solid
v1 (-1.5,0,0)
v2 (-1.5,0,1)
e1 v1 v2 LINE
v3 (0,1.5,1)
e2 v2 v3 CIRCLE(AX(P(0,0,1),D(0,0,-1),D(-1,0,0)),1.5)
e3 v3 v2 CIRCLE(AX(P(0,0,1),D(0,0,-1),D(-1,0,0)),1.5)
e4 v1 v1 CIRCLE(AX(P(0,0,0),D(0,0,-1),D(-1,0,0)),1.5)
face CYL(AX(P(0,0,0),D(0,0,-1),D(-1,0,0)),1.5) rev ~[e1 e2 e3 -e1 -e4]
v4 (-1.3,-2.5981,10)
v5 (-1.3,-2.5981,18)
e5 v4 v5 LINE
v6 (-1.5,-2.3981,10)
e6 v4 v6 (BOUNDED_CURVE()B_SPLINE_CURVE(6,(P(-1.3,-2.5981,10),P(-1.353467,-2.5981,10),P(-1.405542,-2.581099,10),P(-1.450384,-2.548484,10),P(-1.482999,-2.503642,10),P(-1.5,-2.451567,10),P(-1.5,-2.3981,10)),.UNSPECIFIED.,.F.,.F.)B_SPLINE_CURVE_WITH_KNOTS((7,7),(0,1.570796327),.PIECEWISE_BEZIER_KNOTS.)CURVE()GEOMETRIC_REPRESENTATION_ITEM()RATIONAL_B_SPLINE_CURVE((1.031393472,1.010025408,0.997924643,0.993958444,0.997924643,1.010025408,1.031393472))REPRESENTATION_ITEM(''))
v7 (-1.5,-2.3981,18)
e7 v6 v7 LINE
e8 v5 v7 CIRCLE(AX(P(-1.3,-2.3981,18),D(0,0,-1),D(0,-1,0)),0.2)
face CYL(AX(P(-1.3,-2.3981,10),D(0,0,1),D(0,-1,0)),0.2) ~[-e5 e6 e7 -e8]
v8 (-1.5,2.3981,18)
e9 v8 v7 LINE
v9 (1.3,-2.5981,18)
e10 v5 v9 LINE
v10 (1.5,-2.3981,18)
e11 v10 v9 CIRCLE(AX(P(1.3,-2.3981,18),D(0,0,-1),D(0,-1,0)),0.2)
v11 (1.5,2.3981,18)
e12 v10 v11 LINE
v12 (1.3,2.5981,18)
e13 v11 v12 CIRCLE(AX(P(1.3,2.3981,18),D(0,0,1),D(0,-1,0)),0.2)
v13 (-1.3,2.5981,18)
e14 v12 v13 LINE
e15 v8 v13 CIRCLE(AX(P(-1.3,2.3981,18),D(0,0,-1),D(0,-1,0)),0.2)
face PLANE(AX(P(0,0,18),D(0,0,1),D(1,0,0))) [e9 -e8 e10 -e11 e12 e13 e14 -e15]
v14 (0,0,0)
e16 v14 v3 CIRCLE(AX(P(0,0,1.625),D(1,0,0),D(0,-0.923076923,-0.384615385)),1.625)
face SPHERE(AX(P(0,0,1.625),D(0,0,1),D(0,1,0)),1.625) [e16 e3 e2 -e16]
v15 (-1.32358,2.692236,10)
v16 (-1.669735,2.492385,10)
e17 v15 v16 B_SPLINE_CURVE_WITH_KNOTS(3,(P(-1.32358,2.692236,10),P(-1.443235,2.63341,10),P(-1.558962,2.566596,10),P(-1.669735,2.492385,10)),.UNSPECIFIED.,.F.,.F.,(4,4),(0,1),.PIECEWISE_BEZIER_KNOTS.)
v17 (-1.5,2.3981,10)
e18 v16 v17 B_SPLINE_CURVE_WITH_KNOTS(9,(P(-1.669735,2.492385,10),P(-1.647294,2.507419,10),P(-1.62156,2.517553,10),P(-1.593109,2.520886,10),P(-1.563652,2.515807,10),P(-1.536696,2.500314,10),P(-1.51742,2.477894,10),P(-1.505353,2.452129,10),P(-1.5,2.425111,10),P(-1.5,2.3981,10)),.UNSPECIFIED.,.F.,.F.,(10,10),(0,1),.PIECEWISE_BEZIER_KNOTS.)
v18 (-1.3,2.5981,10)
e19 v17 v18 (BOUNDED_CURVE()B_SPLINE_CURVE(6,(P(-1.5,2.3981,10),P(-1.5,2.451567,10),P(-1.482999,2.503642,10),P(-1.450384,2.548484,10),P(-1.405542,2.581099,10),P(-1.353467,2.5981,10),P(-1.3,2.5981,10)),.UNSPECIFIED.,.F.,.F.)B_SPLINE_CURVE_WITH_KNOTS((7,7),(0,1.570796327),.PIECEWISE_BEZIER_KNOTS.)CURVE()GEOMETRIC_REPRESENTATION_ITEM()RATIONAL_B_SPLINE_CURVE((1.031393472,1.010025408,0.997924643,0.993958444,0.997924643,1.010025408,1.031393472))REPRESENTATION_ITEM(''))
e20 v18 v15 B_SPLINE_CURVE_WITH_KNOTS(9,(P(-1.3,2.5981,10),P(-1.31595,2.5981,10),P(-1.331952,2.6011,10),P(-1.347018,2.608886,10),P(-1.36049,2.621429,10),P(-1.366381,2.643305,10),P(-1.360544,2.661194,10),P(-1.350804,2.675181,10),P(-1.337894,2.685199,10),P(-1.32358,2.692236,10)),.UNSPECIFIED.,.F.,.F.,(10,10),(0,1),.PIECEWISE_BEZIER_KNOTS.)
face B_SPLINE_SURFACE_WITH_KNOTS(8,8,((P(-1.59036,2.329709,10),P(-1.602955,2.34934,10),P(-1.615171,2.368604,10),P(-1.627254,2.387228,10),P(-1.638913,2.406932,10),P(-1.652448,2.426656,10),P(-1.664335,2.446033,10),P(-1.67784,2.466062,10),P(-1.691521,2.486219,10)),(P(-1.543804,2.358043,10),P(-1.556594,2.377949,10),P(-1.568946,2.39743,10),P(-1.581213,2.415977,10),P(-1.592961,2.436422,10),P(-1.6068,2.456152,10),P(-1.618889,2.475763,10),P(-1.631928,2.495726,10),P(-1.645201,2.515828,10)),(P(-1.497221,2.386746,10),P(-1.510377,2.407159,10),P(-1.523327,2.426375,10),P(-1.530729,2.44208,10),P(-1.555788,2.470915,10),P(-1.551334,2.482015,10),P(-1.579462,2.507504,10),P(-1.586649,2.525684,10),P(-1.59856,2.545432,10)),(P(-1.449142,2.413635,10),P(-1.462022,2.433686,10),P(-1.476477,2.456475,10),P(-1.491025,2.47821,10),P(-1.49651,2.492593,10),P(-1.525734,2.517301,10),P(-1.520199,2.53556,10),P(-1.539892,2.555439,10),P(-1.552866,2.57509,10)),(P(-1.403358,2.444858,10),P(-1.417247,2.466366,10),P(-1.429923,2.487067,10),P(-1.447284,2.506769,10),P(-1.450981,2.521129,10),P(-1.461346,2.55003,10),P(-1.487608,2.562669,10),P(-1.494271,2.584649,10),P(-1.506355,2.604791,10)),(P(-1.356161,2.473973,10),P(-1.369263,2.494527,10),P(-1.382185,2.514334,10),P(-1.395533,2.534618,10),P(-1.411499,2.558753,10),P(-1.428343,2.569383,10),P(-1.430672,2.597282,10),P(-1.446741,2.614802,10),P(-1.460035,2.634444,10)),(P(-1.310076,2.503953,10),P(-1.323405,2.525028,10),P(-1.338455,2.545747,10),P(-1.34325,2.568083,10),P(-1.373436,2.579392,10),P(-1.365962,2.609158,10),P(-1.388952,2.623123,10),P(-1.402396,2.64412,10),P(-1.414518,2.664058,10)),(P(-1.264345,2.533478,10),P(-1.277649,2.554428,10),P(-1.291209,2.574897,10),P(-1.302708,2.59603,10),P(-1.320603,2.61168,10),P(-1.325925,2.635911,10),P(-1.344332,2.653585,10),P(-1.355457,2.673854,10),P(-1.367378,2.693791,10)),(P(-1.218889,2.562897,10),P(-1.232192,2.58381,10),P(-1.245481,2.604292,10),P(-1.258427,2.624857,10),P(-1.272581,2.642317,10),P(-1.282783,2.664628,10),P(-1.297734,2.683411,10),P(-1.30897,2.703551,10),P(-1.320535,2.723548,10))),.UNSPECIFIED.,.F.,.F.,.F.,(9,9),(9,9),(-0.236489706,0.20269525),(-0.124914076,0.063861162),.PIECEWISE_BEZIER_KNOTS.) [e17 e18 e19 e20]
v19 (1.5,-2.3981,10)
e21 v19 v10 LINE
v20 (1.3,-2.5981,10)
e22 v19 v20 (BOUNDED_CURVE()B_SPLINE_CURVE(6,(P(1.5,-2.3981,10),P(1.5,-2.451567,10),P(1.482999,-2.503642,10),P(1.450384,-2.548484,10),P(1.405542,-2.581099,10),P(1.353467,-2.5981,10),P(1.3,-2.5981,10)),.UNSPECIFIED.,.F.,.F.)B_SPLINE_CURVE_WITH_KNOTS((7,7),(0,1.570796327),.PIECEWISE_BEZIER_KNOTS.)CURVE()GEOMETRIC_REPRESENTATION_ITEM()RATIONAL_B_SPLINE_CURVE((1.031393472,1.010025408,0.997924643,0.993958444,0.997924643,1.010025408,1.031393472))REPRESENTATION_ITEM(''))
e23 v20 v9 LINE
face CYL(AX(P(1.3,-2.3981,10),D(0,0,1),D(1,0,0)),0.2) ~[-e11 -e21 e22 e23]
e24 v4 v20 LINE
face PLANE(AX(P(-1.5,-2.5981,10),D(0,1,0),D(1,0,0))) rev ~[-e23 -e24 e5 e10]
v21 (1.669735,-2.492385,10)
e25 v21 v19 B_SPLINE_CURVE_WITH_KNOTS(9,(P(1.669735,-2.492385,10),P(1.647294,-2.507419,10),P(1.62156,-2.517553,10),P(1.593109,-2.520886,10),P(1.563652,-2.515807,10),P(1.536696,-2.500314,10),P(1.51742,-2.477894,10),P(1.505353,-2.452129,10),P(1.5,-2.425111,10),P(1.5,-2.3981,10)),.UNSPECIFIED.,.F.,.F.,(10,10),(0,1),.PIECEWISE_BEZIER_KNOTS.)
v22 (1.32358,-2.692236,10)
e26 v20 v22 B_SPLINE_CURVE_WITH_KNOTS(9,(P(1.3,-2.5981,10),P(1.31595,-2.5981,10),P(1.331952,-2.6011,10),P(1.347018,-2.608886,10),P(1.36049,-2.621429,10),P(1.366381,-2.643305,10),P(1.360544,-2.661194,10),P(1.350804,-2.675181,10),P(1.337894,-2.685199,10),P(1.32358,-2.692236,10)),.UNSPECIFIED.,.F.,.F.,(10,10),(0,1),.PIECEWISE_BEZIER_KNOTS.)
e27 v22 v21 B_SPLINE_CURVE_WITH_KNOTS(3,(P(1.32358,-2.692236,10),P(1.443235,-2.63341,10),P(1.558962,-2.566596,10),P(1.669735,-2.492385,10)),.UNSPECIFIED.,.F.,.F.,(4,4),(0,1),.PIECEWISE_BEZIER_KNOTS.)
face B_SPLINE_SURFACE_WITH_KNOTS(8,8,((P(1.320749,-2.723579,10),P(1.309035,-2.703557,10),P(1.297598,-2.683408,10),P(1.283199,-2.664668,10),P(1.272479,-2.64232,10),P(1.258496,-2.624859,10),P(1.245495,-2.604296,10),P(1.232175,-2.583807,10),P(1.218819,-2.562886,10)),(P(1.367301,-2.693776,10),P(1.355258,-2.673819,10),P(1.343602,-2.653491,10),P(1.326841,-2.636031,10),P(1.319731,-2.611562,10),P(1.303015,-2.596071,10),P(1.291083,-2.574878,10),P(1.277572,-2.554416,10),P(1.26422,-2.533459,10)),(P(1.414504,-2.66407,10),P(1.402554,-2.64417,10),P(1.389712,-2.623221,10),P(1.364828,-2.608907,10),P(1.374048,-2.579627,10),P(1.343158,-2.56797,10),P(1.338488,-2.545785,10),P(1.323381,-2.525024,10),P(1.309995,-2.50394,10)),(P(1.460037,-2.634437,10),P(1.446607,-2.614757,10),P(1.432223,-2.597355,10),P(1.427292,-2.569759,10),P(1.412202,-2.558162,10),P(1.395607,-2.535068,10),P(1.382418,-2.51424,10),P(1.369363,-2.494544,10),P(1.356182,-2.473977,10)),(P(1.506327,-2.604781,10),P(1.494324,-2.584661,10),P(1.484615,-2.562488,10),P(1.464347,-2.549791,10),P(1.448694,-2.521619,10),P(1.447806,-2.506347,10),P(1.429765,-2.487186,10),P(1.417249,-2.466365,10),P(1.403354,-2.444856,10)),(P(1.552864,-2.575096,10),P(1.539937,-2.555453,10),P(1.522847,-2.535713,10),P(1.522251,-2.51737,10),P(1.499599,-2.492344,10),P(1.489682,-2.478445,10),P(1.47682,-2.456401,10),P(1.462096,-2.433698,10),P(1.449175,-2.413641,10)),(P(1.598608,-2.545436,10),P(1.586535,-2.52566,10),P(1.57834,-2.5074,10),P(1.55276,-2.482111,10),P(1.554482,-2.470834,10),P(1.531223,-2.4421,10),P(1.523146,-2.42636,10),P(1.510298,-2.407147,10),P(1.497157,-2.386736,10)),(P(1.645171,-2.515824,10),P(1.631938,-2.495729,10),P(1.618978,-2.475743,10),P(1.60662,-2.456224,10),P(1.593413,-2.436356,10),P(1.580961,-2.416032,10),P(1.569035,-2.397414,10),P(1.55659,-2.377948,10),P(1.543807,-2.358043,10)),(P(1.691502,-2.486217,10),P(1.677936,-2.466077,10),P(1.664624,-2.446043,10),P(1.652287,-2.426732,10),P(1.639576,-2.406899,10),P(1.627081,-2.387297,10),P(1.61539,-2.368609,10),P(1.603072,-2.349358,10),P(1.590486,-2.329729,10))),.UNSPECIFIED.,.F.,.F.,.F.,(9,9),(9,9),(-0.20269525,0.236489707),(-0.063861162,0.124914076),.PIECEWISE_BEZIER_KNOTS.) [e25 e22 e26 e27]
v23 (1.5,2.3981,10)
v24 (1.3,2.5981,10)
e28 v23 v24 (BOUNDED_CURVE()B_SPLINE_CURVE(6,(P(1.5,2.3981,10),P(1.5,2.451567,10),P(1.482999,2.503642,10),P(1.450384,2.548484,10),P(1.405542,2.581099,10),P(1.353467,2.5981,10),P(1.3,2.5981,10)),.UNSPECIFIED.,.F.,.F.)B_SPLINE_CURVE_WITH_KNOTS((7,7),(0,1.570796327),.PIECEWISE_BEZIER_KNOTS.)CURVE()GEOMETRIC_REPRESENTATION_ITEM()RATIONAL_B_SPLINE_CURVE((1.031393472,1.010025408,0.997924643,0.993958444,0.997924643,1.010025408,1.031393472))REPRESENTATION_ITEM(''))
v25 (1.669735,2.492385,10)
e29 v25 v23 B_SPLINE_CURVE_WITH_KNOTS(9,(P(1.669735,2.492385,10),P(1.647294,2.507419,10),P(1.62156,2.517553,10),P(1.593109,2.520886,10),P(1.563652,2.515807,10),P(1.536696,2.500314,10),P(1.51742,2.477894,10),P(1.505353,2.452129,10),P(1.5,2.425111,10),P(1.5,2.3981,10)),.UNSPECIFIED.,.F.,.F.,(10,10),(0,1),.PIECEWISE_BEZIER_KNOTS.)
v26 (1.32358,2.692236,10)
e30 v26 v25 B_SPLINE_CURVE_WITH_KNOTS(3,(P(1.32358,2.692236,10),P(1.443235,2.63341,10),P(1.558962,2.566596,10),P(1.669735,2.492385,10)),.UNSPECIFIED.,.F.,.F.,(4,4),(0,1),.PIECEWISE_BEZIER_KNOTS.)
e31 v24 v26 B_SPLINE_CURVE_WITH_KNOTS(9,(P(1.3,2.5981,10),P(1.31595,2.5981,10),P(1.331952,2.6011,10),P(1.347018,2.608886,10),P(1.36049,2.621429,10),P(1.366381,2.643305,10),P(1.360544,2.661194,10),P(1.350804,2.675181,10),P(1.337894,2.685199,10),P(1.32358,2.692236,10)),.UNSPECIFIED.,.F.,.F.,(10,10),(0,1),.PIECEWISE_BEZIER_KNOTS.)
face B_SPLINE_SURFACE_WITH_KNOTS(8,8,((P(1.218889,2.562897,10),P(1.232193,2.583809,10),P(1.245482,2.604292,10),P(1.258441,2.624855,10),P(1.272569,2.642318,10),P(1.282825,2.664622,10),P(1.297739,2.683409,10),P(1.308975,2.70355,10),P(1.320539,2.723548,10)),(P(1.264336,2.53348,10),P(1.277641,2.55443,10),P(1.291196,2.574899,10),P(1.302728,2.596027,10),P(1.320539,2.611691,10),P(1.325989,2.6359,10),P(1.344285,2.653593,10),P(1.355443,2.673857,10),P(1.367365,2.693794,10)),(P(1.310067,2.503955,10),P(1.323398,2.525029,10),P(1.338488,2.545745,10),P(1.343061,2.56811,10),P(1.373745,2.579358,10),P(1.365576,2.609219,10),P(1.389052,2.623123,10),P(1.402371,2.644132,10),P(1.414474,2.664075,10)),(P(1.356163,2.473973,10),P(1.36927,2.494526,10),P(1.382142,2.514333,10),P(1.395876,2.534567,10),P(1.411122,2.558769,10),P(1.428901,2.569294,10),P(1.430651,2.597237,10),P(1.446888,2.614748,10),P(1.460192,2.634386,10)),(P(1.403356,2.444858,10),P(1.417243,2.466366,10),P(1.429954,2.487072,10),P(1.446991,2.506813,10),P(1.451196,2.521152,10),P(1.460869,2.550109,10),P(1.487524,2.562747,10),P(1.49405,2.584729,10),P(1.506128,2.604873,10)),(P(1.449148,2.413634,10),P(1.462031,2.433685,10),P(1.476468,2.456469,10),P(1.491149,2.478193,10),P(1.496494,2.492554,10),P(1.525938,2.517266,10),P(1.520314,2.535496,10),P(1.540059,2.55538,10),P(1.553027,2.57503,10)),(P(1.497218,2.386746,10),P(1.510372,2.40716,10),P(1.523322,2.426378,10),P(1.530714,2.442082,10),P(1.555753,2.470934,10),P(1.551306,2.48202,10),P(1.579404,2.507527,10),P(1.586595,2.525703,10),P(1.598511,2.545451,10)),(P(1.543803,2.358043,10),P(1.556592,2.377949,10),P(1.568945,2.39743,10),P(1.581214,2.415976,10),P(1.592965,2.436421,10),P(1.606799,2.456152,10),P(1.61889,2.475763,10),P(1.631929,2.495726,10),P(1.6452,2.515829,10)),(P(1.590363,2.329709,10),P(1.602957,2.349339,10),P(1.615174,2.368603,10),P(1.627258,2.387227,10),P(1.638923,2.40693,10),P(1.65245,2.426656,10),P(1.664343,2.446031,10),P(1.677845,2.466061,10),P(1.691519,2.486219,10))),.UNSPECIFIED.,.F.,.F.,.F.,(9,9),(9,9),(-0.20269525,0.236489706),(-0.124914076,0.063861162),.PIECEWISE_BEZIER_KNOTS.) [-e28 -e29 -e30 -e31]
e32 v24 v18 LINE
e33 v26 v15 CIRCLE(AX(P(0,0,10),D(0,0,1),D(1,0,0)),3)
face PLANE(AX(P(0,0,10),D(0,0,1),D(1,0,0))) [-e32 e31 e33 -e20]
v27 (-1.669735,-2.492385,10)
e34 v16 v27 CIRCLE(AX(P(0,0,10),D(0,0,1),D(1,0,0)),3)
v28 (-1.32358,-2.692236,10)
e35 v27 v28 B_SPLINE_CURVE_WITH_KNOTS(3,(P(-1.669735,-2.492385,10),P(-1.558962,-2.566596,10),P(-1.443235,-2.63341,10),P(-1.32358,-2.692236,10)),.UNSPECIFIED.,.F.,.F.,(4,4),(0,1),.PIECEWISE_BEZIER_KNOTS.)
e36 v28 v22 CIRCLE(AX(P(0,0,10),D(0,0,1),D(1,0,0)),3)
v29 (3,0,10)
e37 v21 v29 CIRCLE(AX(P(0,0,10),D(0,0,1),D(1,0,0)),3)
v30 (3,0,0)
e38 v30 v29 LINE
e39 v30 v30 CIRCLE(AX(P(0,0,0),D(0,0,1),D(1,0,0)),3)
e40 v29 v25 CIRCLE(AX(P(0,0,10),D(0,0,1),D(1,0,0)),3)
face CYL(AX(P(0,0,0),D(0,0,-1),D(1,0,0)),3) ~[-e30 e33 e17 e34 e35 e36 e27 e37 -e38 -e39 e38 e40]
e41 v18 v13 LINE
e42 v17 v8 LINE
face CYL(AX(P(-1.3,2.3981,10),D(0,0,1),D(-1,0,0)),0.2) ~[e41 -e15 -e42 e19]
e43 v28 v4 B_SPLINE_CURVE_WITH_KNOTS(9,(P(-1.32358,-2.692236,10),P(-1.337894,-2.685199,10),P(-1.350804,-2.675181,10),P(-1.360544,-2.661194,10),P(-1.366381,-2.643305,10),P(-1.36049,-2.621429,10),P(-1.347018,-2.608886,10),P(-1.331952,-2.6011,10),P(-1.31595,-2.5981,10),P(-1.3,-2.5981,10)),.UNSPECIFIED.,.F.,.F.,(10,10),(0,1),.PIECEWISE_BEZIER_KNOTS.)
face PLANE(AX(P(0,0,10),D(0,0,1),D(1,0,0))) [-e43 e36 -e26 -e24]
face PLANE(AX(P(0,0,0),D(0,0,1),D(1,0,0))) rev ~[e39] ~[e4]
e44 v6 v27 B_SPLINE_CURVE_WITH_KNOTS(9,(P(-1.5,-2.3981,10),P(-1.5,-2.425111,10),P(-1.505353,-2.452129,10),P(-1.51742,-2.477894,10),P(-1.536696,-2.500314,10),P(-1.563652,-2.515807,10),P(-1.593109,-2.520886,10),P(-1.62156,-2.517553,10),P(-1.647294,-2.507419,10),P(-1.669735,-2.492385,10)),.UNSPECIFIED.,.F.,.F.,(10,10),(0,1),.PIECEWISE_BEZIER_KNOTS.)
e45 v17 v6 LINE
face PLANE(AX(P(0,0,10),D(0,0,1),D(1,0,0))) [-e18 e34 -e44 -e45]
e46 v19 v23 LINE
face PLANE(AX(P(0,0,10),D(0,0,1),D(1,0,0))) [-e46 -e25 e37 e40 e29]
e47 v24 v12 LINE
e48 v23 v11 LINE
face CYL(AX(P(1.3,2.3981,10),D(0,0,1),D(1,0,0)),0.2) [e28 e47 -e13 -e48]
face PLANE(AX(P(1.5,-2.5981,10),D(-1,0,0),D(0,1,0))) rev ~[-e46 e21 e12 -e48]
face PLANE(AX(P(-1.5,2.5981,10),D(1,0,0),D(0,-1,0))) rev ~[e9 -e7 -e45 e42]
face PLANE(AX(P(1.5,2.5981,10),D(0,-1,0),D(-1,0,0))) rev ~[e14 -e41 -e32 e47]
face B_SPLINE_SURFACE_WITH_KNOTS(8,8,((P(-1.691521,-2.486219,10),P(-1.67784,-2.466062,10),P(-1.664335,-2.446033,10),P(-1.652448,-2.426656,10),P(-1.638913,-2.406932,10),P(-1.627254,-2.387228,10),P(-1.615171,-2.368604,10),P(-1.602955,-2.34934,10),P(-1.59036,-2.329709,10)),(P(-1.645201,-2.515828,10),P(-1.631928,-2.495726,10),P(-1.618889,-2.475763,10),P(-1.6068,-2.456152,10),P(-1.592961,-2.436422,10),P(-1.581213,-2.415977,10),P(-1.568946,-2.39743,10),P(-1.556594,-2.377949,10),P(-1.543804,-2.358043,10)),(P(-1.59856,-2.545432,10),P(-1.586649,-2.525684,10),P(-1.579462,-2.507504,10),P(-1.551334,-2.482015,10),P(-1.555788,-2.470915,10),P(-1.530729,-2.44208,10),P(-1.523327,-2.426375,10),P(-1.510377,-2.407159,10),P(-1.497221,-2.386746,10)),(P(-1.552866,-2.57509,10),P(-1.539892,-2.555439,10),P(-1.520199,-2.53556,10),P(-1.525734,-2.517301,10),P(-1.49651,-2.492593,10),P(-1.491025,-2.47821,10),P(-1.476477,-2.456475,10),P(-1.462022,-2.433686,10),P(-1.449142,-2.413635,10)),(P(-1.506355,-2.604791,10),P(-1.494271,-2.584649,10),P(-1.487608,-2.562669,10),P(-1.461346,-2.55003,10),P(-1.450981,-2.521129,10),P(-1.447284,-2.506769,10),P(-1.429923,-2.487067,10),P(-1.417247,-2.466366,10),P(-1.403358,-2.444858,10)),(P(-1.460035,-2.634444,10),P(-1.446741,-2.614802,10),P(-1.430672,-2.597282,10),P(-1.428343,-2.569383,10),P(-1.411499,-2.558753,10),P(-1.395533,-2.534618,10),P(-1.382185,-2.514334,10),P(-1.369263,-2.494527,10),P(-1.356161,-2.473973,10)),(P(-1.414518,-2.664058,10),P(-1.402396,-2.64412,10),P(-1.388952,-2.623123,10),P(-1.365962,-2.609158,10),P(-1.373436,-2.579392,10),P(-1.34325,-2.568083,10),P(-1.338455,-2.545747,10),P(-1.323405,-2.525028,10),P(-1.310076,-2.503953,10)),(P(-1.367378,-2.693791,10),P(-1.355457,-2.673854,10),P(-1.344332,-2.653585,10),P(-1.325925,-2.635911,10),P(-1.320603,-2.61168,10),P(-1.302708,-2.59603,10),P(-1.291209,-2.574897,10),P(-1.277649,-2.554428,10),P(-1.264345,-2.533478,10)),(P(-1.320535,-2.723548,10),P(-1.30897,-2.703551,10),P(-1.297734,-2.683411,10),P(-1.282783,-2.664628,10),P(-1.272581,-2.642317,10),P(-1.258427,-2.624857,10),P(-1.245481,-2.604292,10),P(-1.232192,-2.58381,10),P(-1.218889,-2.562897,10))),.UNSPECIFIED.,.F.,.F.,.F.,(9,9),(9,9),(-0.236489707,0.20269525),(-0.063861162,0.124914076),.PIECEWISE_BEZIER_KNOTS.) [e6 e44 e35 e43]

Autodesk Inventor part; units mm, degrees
ref_plane "YZ Plane" through (0, 0, 0) normal (1, 0, 0) x (0, 1, 0)
ref_plane "XZ Plane" through (0, 0, 0) normal (0, 1, 0) x (-1, 0, 0)
ref_plane "XY Plane" through (0, 0, 0) normal (0, 0, 1) x (1, 0, 0)
sketch "スケッチ1" plane through (0, 0, 0) normal (0, 0, 1) x (1, 0, 0)
  circle A0 centre (0, 0) radius 3
  dimension "d0" = 6
extrude "押し出し1" add sketch "スケッチ1" along normal blind 10
sketch "スケッチ2" plane through (0, 0, 0) normal (0, 0, -1) x (-1, 0, 0)
  circle A0 centre (0, 0) radius 1.5
  dimension "d3" = 3
extrude "押し出し2" cut sketch "スケッチ2" against normal blind 1
sketch "スケッチ3" plane through (0, 0, 0) normal (1, 0, 0) x (0, 1, 0)
  line L0 (-3, 0) -> (-3, 10) projected
  line L1 (-3, 10) -> (3, 10) projected
  line L2 (3, 10) -> (3, 0) projected
  line L3 (3, 0) -> (1.5, 0) projected
  line L4 (1.5, 0) -> (1.5, 1) projected
  line L5 (1.5, 1) -> (-1.5, 1) projected
  line L6 (-1.5, 1) -> (-1.5, 0) projected
  line L7 (-1.5, 0) -> (-3, 0) projected
  arc A0 (-1.5, 1) -> (1.5, 1) centre (0, 1.625) ccw
  line L8 (0, 0) -> (0, 1)
revolve "回転1" add sketch "スケッチ3" angle 360 about axis through (0, 0, 0) along (0, 0, 1) picked at (0.9377, 0.8892) contours L5 A0 L8
sketch "スケッチ4" plane through (0, 0, 10) normal (0, 0, 1) x (1, 0, 0)
  circle A0 centre (0, 0) radius 3 projected
  line L0 (1.5, 2.5981) -> (-1.5, 2.5981)
  line L1 (-1.5, 2.5981) -> (-1.5, -2.5981)
  line L2 (-1.5, -2.5981) -> (1.5, -2.5981)
  line L3 (1.5, -2.5981) -> (1.5, 2.5981)
  line L4 (1.5, 2.5981) -> (-1.5, -2.5981) construction
  line L5 (-1.5, 2.5981) -> (1.5, -2.5981) construction
  dimension "d7" = 3
extrude "押し出し3" add sketch "スケッチ4" along normal blind 8 contours L3 L2 L1 L0
fillet "フィレット1" radius 0.2 4 edges at (-1.5, -2.5981, 14) (1.5, -2.5981, 14) (-1.5, 2.5981, 14) (1.5, 2.5981, 14)
properties part number "FU650AD5-C6" material "ABS プラスチック"
